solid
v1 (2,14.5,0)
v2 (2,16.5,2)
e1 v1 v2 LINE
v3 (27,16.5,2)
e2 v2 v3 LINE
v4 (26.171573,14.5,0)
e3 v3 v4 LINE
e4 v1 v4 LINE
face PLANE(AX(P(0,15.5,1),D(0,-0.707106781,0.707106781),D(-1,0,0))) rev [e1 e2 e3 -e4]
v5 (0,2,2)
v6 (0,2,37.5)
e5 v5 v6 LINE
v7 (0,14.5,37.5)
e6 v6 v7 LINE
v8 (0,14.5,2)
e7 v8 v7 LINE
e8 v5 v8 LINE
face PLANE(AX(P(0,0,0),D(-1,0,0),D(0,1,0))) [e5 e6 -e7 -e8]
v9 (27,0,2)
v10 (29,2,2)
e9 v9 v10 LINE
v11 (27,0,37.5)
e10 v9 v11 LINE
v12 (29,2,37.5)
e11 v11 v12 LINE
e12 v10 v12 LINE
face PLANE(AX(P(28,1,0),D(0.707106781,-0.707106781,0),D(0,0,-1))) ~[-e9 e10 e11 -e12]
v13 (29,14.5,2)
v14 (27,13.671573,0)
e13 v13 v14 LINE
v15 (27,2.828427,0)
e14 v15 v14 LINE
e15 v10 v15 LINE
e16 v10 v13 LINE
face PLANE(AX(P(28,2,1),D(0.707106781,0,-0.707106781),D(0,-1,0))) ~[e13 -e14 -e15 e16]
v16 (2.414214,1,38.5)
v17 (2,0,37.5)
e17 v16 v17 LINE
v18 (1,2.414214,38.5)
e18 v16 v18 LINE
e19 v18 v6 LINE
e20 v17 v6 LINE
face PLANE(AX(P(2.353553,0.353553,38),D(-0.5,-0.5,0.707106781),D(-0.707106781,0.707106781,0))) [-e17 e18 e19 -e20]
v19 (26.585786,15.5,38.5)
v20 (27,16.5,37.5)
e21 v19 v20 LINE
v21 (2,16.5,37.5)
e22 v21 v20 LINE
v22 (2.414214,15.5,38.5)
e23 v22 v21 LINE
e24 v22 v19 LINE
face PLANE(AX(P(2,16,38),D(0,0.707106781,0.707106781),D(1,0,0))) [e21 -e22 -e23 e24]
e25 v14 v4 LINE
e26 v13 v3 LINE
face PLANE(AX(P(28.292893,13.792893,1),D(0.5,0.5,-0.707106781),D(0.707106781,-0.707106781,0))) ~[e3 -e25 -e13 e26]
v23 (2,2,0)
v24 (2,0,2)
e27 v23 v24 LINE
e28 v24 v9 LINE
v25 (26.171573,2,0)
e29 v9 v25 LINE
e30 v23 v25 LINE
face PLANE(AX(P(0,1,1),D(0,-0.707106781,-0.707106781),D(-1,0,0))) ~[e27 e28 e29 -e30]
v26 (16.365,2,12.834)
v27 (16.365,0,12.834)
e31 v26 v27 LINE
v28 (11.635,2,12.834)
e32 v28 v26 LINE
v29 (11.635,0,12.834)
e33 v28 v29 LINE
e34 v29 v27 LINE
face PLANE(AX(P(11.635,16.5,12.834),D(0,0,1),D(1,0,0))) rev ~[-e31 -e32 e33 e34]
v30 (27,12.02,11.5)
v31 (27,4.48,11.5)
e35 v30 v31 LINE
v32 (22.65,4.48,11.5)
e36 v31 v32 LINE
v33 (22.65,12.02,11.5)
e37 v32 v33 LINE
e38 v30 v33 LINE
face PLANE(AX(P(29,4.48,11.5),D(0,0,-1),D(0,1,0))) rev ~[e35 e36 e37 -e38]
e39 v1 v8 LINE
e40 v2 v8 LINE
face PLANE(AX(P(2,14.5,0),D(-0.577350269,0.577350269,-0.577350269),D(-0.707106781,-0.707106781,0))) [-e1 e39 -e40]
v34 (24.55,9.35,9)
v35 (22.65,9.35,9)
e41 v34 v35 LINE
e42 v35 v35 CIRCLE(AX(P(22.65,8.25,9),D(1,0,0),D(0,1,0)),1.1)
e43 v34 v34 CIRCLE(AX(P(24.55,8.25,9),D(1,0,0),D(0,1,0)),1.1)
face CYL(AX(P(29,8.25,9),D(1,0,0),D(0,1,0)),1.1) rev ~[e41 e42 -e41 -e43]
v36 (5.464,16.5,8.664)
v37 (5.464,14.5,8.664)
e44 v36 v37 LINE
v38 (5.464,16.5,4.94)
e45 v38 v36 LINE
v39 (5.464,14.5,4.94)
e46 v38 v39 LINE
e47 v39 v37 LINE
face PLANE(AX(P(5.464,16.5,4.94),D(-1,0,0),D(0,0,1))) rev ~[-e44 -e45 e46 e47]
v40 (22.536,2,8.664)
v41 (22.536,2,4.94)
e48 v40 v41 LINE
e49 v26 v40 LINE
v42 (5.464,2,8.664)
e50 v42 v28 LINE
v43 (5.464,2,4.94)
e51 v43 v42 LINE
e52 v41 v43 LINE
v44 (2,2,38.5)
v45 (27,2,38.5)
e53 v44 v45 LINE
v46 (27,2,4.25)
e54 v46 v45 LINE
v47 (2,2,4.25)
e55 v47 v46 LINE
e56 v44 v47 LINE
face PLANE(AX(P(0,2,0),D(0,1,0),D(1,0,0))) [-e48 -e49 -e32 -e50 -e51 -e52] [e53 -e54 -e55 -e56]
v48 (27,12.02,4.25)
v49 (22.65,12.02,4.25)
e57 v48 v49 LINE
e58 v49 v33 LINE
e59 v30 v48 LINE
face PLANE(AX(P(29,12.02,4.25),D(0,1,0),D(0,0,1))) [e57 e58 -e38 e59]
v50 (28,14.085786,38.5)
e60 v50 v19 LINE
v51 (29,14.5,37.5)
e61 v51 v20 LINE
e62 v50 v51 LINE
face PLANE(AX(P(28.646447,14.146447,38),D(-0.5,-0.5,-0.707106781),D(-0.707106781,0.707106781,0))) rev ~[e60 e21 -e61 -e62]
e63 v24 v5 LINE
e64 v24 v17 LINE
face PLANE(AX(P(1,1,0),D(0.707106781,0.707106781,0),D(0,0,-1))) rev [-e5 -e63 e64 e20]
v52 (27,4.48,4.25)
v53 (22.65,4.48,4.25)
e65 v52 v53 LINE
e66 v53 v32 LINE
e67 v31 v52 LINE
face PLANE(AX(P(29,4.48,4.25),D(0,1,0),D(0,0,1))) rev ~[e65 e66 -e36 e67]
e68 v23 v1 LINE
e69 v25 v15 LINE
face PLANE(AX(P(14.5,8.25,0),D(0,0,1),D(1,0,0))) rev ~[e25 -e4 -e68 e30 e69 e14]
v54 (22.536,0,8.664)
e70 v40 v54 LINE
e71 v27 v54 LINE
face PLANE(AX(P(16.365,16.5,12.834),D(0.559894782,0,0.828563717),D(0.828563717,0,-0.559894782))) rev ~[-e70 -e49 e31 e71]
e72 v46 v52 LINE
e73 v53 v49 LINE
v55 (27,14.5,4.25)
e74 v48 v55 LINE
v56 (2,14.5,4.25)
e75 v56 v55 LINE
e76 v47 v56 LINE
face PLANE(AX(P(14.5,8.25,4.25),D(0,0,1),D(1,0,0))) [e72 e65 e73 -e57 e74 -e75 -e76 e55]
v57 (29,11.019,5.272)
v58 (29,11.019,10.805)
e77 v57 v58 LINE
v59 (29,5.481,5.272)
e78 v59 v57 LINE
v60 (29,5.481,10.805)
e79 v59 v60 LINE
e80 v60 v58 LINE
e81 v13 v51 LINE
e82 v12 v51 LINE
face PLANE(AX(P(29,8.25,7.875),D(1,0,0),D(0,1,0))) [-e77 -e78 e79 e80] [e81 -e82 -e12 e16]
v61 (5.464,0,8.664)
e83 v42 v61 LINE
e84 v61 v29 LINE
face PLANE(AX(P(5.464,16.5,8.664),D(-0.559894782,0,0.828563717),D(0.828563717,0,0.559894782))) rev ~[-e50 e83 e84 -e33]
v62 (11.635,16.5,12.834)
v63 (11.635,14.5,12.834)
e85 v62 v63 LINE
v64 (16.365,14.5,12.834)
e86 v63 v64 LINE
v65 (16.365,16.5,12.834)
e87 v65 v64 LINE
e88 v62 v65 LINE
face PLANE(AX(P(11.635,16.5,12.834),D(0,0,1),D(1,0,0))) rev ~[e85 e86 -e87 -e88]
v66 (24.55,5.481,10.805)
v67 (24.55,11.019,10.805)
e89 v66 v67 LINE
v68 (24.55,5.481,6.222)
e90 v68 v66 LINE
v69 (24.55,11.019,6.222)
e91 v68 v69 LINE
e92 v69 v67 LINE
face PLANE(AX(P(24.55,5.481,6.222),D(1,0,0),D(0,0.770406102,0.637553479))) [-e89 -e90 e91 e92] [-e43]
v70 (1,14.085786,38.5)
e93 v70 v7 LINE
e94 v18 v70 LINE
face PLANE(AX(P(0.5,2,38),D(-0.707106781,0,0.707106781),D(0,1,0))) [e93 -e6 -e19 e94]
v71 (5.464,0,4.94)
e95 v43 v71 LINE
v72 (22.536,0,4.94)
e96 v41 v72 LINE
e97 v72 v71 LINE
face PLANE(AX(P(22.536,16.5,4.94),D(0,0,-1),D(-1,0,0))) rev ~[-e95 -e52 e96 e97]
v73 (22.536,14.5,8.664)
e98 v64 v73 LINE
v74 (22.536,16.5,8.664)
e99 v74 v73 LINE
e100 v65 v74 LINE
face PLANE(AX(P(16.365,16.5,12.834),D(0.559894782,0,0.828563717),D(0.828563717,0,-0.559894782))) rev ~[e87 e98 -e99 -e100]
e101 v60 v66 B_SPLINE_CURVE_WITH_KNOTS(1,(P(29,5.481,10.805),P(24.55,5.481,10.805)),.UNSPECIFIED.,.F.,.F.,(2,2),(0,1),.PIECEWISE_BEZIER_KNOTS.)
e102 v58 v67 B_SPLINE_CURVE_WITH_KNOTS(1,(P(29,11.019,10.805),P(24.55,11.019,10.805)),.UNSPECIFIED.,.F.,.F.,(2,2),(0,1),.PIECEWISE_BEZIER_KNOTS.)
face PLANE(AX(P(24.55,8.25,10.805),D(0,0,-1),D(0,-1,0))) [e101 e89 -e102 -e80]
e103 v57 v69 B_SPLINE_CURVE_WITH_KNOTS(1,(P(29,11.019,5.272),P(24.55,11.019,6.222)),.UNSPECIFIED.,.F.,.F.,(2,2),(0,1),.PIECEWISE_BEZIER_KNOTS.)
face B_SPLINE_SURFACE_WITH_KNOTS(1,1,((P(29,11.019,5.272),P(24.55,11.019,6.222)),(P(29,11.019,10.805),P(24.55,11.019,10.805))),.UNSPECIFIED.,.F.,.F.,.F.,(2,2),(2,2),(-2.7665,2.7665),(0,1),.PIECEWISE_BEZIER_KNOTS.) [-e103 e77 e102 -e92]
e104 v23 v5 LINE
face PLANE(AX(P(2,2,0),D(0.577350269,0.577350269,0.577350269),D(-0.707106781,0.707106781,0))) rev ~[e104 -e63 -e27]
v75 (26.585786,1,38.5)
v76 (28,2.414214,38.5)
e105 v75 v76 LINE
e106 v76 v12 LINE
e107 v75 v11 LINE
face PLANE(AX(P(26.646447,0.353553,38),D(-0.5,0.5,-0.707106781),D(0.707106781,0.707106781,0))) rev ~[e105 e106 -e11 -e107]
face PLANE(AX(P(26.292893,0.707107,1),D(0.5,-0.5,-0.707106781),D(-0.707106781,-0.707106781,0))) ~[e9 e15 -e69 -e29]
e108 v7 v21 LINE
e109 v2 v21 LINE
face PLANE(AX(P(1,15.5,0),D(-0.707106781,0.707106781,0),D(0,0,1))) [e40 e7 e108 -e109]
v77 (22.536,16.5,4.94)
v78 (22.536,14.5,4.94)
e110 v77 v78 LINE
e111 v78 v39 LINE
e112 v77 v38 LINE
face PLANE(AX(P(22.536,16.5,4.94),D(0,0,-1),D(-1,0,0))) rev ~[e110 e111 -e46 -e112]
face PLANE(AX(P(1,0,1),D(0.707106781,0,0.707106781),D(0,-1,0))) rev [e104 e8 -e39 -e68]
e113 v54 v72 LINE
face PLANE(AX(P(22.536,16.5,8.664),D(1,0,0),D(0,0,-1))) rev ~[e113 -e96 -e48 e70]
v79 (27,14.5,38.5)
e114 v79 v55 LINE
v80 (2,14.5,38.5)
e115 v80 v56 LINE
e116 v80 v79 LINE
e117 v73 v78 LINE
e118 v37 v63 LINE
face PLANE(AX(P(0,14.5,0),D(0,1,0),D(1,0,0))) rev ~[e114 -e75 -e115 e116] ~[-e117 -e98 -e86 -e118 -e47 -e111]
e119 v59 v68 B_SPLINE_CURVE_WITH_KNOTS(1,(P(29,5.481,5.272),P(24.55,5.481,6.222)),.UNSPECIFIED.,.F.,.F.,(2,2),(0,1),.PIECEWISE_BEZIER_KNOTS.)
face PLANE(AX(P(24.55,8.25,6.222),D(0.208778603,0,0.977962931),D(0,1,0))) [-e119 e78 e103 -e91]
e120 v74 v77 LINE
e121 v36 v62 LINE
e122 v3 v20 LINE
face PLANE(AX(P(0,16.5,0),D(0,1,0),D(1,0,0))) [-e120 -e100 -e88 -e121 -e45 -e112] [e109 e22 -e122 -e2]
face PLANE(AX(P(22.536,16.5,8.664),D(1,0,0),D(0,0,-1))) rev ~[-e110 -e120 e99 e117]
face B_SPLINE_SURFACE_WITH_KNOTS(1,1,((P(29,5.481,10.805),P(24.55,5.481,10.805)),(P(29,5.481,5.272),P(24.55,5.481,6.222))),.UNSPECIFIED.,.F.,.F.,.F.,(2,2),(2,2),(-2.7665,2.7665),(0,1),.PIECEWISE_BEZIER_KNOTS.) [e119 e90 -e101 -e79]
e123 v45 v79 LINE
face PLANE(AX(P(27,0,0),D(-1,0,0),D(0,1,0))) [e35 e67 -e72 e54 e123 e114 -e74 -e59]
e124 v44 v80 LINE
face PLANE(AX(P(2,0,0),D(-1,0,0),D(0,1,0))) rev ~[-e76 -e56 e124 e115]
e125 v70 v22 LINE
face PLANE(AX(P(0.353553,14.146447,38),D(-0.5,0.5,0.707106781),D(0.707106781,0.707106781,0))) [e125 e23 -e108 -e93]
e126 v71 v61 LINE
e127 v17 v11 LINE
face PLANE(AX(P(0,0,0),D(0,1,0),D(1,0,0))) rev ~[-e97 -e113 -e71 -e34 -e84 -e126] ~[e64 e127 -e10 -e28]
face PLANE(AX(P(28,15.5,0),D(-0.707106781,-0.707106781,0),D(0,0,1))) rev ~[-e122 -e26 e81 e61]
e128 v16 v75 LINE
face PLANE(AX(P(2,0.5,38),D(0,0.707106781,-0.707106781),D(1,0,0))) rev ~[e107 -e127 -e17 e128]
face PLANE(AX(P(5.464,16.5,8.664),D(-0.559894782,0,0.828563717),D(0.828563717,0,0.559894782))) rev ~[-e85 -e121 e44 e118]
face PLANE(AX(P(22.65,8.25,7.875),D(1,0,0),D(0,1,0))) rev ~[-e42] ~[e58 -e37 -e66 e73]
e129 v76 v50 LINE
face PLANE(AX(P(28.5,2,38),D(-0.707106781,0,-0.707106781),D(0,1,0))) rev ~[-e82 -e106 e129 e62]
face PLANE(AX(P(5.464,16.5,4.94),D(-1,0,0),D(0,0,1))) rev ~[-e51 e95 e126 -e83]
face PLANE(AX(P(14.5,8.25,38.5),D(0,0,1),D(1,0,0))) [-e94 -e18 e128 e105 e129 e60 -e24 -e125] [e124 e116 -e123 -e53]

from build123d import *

# Parameters (mm, degrees)
F0_W      = 29
F0_H      = 16.5
F1_DEPTH  = 38.5
F2_T      = -2
F3_DEPTH  = 2.25
F4_SIZE   = 2
F5_SIZE   = 2
F6_SIZE   = 1
F8_DEPTH  = 16.501
F9_W      = 7.54
F9_H      = 7.25
F9_R      = 1.1
F10_DEPTH = 6.35
F11_W     = 5.538
F11_H     = 5.533
F13_W     = 5.538
F13_H     = 4.583


with BuildPart() as f1:
    # F0 (on Top) → F1 (new body)
    with BuildSketch(Plane.XY):
        with Locations((14.5, 8.25)):
            Rectangle(F0_W, F0_H)
    extrude(amount=F1_DEPTH)

    # F2
    f2_openings = [f1.faces().sort_by_distance(p)[0] for p in [
        (14.5, 8.25, 38.5),
    ]]
    offset(amount=F2_T, openings=f2_openings)

    # F3 (add): a face of the model
    f3_faces = [f1.faces().sort_by_distance(p)[0] for p in [
        (14.5, 8.25, 2),
    ]]
    extrude(f3_faces, amount=F3_DEPTH)

    # F4
    f4_edges = [f1.edges().sort_by_distance(p)[0] for p in [
        (29, 0, 19.25),
        (29, 16.5, 19.25),
    ]]
    chamfer(f4_edges, length=F4_SIZE)

    # F5
    f5_edges = [f1.edges().sort_by_distance(p)[0] for p in [
        (0, 16.5, 19.25),
        (0, 0, 19.25),
        (13.5, 16.5, 0),
        (13.5, 0, 0),
        (28, 1, 0),
        (0, 8.25, 0),
        (29, 8.25, 0),
        (28, 15.5, 0),
    ]]
    chamfer(f5_edges, length=F5_SIZE)

    # F6
    f6_edges = [f1.edges().sort_by_distance(p)[0] for p in [
        (0, 8.25, 38.5),
        (1, 1, 38.5),
        (14.5, 0, 38.5),
        (1, 15.5, 38.5),
        (14.5, 16.5, 38.5),
        (28, 15.5, 38.5),
        (29, 8.25, 38.5),
        (28, 1, 38.5),
    ]]
    chamfer(f6_edges, length=F6_SIZE)

    # F7 (on face) → F8 (cut, through all)
    with BuildSketch(Plane(origin=(0, 16.5, 0), x_dir=(-1, 0, 0), z_dir=(0, 1, 0))):
        Polygon((-22.536, 8.664), (-22.536, 4.94), (-5.464, 4.94), (-5.464, 8.664), (-11.635, 12.834), (-16.365, 12.834), align=None)
    extrude(amount=-F8_DEPTH, mode=Mode.SUBTRACT)

    # F9 (on face) → F10 (join)
    with BuildSketch(Plane.YZ.offset(29)):
        with Locations((8.25, 7.875)):
            Rectangle(F9_W, F9_H)
        with Locations((8.25, 9)):
            Circle(F9_R, mode=Mode.SUBTRACT)
    extrude(amount=-F10_DEPTH)

    # F11 (on face) → F14 section 0
    with BuildSketch(Plane.YZ.offset(29)):
        with Locations((8.25, 8.0385)):
            Rectangle(F11_W, F11_H)
    # F13 (on offset) → F14 section 1
    with BuildSketch(Plane.YZ.offset(24.55)):
        with Locations((8.25, 8.5135)):
            Rectangle(F13_W, F13_H)
    loft(mode=Mode.SUBTRACT)


solid = f1.part
